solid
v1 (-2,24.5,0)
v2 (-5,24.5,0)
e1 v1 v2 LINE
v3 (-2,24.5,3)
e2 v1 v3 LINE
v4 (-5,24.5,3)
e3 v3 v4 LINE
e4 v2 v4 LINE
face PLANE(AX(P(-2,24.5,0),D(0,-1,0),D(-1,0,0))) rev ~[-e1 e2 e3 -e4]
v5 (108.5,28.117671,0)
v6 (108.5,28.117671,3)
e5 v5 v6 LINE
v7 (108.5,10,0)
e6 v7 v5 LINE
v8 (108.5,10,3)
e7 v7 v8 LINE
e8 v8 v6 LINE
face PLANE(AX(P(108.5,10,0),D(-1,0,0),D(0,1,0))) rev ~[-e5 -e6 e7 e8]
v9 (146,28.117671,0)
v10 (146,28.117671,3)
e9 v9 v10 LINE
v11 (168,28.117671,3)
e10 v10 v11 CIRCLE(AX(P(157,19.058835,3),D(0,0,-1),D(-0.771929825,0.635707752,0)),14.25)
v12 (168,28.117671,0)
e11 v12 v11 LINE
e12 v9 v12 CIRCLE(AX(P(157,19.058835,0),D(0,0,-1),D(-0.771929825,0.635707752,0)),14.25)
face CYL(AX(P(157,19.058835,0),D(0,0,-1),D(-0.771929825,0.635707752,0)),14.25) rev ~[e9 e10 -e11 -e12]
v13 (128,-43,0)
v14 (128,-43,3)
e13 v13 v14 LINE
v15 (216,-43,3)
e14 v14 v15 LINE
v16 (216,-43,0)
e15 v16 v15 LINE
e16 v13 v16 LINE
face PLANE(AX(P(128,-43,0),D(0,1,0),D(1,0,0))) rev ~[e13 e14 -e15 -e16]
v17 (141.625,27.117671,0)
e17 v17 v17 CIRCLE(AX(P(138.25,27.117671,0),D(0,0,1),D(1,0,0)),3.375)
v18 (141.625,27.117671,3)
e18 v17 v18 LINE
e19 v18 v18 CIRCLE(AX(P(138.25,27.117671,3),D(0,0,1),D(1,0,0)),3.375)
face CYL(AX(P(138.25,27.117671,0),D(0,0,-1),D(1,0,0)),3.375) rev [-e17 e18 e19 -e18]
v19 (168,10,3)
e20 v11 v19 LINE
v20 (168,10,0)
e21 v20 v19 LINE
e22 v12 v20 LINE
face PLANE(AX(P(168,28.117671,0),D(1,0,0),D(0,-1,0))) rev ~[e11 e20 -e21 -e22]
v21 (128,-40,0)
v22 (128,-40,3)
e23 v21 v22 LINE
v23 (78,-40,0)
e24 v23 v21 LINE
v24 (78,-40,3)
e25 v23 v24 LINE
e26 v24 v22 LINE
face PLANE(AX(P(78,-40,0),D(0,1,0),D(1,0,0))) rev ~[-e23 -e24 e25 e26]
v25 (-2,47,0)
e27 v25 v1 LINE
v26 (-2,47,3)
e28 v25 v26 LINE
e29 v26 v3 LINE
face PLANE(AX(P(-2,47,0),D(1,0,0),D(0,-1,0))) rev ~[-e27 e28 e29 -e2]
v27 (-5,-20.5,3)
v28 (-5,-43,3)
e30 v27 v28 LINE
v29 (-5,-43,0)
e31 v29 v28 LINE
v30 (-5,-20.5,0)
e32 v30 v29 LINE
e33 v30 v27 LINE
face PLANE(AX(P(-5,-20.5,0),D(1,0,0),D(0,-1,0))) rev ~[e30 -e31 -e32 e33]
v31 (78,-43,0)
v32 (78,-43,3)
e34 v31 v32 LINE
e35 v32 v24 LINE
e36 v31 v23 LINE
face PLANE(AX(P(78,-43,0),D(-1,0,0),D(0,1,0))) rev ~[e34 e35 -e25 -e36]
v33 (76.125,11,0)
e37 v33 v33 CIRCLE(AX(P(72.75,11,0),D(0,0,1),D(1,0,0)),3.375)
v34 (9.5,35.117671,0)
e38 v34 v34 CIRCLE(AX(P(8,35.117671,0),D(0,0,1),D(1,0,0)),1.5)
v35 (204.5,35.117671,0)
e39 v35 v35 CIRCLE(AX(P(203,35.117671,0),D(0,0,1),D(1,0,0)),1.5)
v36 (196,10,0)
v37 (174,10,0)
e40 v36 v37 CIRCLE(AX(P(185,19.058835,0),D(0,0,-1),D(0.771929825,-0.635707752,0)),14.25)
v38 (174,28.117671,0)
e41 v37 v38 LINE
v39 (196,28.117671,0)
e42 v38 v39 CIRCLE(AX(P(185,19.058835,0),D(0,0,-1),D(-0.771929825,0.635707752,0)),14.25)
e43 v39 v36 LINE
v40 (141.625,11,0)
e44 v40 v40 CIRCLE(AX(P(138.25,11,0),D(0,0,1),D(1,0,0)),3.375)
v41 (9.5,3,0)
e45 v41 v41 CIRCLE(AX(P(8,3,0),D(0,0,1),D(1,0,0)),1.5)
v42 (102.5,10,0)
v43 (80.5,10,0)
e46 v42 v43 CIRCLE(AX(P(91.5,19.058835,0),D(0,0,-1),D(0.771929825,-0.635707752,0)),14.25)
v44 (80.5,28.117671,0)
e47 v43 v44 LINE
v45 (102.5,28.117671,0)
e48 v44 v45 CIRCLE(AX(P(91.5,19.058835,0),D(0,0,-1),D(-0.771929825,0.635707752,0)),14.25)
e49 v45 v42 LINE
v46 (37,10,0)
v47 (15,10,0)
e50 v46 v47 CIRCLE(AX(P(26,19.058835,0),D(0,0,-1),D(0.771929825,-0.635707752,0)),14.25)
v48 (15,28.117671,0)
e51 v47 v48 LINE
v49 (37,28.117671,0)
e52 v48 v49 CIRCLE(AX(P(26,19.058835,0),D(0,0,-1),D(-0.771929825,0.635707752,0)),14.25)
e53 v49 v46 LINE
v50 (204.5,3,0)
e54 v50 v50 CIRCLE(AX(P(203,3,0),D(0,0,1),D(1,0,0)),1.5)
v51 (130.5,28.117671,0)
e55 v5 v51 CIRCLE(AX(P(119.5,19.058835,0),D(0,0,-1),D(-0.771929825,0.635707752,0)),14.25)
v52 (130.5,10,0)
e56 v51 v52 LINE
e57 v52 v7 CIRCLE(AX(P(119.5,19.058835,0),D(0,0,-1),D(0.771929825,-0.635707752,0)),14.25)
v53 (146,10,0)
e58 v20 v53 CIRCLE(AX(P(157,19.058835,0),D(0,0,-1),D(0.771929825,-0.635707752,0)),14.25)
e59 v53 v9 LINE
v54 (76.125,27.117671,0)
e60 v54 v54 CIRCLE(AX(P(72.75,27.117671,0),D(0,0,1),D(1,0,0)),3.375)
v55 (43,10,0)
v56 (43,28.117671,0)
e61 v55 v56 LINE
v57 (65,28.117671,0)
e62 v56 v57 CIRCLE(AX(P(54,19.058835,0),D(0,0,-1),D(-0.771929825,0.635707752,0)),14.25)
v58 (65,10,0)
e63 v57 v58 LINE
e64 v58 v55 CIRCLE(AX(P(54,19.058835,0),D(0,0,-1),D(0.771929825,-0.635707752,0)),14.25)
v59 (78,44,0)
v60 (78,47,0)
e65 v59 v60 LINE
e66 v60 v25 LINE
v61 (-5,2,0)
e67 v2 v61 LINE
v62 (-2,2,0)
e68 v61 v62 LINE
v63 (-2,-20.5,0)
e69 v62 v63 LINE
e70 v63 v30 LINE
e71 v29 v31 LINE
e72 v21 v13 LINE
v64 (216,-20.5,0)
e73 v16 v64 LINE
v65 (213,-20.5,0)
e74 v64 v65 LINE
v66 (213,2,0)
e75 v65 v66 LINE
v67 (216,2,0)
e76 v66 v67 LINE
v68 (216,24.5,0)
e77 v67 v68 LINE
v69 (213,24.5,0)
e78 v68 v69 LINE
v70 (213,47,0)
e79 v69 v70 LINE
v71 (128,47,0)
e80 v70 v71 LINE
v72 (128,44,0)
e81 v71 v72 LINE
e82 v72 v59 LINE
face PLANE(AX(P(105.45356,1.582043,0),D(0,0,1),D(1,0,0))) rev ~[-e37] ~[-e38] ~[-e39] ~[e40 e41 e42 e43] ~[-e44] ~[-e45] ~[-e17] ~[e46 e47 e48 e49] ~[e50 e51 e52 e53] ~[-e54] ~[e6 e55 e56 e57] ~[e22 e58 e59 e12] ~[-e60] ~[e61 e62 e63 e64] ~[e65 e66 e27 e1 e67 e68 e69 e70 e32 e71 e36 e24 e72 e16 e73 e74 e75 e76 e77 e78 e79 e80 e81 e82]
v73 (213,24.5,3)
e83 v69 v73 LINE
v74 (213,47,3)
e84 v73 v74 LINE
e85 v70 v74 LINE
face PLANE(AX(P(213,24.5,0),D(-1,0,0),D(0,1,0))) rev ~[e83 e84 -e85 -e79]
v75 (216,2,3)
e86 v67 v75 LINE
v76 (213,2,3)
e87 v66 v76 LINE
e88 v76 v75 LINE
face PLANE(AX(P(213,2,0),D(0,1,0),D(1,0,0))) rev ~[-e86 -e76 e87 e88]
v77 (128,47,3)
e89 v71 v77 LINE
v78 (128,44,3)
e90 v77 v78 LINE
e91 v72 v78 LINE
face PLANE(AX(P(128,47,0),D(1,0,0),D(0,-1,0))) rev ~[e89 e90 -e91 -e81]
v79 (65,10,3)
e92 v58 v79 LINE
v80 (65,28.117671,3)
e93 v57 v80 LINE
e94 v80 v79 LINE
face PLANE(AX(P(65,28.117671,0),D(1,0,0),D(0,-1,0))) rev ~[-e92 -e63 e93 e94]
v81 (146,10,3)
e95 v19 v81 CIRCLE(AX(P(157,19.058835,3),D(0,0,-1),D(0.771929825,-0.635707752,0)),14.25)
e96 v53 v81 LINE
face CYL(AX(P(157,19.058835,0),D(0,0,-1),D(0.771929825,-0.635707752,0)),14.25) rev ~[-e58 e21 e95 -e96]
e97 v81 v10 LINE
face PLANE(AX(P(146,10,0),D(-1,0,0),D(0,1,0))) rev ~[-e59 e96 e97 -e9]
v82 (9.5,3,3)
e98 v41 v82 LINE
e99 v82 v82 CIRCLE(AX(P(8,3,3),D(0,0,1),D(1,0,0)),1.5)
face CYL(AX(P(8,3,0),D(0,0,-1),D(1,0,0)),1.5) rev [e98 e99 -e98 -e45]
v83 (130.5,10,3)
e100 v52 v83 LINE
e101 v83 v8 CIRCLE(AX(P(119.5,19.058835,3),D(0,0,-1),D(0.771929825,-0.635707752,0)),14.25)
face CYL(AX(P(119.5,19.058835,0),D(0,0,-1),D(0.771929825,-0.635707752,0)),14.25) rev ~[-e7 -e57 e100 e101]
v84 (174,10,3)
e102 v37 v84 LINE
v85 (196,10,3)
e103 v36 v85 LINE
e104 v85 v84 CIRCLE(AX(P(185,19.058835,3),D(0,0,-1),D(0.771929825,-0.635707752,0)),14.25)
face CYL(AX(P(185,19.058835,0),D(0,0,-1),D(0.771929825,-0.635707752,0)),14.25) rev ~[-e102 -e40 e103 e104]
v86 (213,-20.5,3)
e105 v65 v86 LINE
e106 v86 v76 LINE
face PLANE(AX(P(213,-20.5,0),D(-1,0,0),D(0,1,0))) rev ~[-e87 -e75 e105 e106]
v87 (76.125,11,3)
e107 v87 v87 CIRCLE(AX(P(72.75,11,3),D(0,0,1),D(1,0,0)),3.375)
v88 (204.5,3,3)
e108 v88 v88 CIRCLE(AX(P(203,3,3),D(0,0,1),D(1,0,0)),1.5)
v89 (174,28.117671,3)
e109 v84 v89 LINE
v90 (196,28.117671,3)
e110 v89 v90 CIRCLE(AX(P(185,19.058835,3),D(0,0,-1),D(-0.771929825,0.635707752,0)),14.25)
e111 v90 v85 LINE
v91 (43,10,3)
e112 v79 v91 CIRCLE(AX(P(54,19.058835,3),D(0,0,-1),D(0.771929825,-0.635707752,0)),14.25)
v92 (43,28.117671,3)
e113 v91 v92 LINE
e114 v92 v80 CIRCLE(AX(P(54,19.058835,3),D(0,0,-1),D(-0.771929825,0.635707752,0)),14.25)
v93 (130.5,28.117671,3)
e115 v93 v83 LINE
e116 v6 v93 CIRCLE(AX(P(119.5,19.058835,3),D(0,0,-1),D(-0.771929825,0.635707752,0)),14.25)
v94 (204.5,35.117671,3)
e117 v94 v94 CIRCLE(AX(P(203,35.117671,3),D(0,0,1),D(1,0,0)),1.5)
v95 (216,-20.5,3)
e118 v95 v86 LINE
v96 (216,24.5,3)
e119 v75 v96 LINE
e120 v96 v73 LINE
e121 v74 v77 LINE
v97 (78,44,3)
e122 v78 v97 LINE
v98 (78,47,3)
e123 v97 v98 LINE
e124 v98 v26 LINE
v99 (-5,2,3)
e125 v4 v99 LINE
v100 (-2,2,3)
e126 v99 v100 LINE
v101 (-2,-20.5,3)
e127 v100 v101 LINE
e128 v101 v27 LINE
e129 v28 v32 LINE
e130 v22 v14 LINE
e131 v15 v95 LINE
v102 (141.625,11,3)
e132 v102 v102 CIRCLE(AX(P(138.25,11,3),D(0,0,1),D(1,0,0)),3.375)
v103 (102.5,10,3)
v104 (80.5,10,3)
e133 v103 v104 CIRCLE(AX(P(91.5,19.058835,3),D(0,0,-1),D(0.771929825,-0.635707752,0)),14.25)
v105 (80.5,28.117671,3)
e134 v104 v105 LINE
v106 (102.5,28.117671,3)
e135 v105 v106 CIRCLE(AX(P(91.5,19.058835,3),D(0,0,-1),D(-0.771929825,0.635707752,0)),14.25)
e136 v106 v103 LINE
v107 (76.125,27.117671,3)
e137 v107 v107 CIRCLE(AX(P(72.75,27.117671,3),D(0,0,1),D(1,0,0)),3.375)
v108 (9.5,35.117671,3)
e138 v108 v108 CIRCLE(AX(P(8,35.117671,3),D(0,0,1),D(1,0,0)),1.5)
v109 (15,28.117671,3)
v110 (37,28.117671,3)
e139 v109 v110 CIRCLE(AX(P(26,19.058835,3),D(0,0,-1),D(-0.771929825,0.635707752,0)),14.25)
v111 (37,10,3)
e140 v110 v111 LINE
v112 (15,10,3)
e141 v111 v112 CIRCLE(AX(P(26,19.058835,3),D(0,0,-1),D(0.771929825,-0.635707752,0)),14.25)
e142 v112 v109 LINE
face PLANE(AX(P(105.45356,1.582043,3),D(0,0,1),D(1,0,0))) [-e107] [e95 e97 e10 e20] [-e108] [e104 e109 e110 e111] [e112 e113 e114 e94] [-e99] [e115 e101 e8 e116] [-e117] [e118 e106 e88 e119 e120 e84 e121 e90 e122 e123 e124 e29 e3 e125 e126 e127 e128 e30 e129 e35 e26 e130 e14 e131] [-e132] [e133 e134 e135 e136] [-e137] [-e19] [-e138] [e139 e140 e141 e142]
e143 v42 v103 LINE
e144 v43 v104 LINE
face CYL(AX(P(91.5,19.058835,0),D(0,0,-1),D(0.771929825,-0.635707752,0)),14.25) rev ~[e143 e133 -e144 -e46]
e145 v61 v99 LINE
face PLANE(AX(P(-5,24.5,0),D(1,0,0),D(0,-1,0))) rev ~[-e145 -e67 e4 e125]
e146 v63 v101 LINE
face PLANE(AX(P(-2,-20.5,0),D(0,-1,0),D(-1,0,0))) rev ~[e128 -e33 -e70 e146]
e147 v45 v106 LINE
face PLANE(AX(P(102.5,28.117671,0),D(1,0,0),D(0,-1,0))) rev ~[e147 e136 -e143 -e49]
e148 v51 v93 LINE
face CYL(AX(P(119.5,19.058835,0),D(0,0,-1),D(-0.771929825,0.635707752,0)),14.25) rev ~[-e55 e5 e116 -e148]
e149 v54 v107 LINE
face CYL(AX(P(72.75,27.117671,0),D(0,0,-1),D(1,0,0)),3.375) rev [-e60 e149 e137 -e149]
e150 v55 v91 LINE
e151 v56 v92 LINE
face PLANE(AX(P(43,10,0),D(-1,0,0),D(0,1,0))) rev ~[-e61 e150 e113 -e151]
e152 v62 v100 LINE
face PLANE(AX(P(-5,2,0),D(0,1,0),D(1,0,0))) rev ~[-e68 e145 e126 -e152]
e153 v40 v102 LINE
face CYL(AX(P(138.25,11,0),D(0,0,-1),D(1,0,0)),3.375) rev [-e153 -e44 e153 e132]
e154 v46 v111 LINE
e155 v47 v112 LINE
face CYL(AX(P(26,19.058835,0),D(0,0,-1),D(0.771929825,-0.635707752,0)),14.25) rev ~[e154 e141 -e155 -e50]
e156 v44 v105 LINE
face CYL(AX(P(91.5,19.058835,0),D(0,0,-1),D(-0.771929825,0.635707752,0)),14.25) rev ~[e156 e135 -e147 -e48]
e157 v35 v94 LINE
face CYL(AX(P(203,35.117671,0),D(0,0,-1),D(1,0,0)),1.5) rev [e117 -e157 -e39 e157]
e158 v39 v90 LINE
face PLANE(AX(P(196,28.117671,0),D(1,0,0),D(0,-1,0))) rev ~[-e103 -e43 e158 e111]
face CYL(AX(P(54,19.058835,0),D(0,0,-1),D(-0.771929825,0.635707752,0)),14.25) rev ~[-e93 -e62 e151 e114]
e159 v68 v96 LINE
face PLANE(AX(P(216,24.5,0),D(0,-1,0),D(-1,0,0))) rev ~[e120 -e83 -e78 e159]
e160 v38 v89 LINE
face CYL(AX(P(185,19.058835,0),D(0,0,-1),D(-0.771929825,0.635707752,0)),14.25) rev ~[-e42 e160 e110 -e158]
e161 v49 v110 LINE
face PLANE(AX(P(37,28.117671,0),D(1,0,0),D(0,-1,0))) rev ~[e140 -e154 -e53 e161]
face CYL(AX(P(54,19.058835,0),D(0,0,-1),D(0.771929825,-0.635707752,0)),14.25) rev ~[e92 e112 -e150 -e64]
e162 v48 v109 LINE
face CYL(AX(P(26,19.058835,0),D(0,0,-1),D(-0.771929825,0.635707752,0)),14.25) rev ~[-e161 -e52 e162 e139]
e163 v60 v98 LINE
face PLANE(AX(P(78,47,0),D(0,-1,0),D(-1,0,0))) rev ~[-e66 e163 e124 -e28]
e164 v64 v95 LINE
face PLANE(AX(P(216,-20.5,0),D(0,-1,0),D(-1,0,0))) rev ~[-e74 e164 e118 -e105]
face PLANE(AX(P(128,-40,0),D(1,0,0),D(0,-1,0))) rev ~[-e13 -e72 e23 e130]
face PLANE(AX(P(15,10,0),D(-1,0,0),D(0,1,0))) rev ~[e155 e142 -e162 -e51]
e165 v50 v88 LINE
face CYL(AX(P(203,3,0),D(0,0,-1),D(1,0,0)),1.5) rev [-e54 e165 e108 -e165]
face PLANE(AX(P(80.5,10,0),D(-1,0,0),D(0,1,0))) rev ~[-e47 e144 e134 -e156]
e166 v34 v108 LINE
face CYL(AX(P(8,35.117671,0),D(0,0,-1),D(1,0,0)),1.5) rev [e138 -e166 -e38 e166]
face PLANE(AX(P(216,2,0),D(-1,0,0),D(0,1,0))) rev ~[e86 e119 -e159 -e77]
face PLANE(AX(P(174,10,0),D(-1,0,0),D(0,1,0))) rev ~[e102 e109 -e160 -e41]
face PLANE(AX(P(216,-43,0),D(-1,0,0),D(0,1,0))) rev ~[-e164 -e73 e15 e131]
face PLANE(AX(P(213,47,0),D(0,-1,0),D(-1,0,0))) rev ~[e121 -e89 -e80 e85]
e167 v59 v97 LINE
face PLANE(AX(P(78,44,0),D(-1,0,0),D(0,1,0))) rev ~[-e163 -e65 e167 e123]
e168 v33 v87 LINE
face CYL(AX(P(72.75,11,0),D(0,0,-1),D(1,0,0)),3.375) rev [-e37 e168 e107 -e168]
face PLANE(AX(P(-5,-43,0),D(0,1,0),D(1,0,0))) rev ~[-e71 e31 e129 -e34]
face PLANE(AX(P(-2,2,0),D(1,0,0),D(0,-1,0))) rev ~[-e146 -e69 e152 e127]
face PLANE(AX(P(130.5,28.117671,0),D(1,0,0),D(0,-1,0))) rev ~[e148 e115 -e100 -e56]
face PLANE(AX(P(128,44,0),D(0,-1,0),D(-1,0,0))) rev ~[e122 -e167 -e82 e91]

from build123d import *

# Parameters (mm, degrees)
SKETCH1_R           = 1.5
SKETCH1_R_2         = 3.375
BOSS_EXTRUDE1_DEPTH = 3


with BuildPart() as part:
    # Sketch1 → Boss-Extrude1 (new body)
    with BuildSketch(Plane.XY):
        Polygon((213, -20.5), (213, 2), (216, 2), (216, 24.5), (213, 24.5), (213, 47), (128, 47), (128, 44), (78, 44), (78, 47), (-2, 47), (-2, 24.5), (-5, 24.5), (-5, 2), (-2, 2), (-2, -20.5), (-5, -20.5), (-5, -43), (-2, -43), (78, -43), (78, -40), (128, -40), (128, -43), (213, -43), (216, -43), (216, -20.5), align=None)
        with Locations((8, 35.117670932)):
            Circle(SKETCH1_R, mode=Mode.SUBTRACT)
        with Locations((8, 3)):
            Circle(SKETCH1_R, mode=Mode.SUBTRACT)
        with Locations((203, 3)):
            Circle(SKETCH1_R, mode=Mode.SUBTRACT)
        with Locations((203, 35.117670932)):
            Circle(SKETCH1_R, mode=Mode.SUBTRACT)
        with Locations((72.75, 27.117670932)):
            Circle(SKETCH1_R_2, mode=Mode.SUBTRACT)
        with Locations((72.75, 11)):
            Circle(SKETCH1_R_2, mode=Mode.SUBTRACT)
        with Locations((138.25, 27.117670932)):
            Circle(SKETCH1_R_2, mode=Mode.SUBTRACT)
        with Locations((138.25, 11)):
            Circle(SKETCH1_R_2, mode=Mode.SUBTRACT)
        with BuildLine():
            Line((15, 10), (15, 28.117670932))
            ThreePointArc((15, 28.117670932), (26, 33.308835466), (37, 28.117670932))
            Line((37, 28.117670932), (37, 10))
            ThreePointArc((37, 10), (26, 4.808835466), (15, 10))
        make_face(mode=Mode.SUBTRACT)
        with BuildLine():
            Line((43, 10), (43, 28.117670932))
            ThreePointArc((43, 28.117670932), (54, 33.308835466), (65, 28.117670932))
            Line((65, 28.117670932), (65, 10))
            ThreePointArc((65, 10), (54, 4.808835466), (43, 10))
        make_face(mode=Mode.SUBTRACT)
        with BuildLine():
            Line((80.5, 10), (80.5, 28.117670932))
            ThreePointArc((80.5, 28.117670932), (91.5, 33.308835466), (102.5, 28.117670932))
            Line((102.5, 28.117670932), (102.5, 10))
            ThreePointArc((102.5, 10), (91.5, 4.808835466), (80.5, 10))
        make_face(mode=Mode.SUBTRACT)
        with BuildLine():
            Line((108.5, 10), (108.5, 28.117670932))
            ThreePointArc((108.5, 28.117670932), (119.5, 33.308835466), (130.5, 28.117670932))
            Line((130.5, 28.117670932), (130.5, 10))
            ThreePointArc((130.5, 10), (119.5, 4.808835466), (108.5, 10))
        make_face(mode=Mode.SUBTRACT)
        with BuildLine():
            Line((146, 10), (146, 28.117670932))
            ThreePointArc((146, 28.117670932), (157, 33.308835466), (168, 28.117670932))
            Line((168, 28.117670932), (168, 10))
            ThreePointArc((168, 10), (157, 4.808835466), (146, 10))
        make_face(mode=Mode.SUBTRACT)
        with BuildLine():
            Line((174, 10), (174, 28.117670932))
            ThreePointArc((174, 28.117670932), (185, 33.308835466), (196, 28.117670932))
            Line((196, 28.117670932), (196, 10))
            ThreePointArc((196, 10), (185, 4.808835466), (174, 10))
        make_face(mode=Mode.SUBTRACT)
    extrude(amount=BOSS_EXTRUDE1_DEPTH)


solid = part.part
